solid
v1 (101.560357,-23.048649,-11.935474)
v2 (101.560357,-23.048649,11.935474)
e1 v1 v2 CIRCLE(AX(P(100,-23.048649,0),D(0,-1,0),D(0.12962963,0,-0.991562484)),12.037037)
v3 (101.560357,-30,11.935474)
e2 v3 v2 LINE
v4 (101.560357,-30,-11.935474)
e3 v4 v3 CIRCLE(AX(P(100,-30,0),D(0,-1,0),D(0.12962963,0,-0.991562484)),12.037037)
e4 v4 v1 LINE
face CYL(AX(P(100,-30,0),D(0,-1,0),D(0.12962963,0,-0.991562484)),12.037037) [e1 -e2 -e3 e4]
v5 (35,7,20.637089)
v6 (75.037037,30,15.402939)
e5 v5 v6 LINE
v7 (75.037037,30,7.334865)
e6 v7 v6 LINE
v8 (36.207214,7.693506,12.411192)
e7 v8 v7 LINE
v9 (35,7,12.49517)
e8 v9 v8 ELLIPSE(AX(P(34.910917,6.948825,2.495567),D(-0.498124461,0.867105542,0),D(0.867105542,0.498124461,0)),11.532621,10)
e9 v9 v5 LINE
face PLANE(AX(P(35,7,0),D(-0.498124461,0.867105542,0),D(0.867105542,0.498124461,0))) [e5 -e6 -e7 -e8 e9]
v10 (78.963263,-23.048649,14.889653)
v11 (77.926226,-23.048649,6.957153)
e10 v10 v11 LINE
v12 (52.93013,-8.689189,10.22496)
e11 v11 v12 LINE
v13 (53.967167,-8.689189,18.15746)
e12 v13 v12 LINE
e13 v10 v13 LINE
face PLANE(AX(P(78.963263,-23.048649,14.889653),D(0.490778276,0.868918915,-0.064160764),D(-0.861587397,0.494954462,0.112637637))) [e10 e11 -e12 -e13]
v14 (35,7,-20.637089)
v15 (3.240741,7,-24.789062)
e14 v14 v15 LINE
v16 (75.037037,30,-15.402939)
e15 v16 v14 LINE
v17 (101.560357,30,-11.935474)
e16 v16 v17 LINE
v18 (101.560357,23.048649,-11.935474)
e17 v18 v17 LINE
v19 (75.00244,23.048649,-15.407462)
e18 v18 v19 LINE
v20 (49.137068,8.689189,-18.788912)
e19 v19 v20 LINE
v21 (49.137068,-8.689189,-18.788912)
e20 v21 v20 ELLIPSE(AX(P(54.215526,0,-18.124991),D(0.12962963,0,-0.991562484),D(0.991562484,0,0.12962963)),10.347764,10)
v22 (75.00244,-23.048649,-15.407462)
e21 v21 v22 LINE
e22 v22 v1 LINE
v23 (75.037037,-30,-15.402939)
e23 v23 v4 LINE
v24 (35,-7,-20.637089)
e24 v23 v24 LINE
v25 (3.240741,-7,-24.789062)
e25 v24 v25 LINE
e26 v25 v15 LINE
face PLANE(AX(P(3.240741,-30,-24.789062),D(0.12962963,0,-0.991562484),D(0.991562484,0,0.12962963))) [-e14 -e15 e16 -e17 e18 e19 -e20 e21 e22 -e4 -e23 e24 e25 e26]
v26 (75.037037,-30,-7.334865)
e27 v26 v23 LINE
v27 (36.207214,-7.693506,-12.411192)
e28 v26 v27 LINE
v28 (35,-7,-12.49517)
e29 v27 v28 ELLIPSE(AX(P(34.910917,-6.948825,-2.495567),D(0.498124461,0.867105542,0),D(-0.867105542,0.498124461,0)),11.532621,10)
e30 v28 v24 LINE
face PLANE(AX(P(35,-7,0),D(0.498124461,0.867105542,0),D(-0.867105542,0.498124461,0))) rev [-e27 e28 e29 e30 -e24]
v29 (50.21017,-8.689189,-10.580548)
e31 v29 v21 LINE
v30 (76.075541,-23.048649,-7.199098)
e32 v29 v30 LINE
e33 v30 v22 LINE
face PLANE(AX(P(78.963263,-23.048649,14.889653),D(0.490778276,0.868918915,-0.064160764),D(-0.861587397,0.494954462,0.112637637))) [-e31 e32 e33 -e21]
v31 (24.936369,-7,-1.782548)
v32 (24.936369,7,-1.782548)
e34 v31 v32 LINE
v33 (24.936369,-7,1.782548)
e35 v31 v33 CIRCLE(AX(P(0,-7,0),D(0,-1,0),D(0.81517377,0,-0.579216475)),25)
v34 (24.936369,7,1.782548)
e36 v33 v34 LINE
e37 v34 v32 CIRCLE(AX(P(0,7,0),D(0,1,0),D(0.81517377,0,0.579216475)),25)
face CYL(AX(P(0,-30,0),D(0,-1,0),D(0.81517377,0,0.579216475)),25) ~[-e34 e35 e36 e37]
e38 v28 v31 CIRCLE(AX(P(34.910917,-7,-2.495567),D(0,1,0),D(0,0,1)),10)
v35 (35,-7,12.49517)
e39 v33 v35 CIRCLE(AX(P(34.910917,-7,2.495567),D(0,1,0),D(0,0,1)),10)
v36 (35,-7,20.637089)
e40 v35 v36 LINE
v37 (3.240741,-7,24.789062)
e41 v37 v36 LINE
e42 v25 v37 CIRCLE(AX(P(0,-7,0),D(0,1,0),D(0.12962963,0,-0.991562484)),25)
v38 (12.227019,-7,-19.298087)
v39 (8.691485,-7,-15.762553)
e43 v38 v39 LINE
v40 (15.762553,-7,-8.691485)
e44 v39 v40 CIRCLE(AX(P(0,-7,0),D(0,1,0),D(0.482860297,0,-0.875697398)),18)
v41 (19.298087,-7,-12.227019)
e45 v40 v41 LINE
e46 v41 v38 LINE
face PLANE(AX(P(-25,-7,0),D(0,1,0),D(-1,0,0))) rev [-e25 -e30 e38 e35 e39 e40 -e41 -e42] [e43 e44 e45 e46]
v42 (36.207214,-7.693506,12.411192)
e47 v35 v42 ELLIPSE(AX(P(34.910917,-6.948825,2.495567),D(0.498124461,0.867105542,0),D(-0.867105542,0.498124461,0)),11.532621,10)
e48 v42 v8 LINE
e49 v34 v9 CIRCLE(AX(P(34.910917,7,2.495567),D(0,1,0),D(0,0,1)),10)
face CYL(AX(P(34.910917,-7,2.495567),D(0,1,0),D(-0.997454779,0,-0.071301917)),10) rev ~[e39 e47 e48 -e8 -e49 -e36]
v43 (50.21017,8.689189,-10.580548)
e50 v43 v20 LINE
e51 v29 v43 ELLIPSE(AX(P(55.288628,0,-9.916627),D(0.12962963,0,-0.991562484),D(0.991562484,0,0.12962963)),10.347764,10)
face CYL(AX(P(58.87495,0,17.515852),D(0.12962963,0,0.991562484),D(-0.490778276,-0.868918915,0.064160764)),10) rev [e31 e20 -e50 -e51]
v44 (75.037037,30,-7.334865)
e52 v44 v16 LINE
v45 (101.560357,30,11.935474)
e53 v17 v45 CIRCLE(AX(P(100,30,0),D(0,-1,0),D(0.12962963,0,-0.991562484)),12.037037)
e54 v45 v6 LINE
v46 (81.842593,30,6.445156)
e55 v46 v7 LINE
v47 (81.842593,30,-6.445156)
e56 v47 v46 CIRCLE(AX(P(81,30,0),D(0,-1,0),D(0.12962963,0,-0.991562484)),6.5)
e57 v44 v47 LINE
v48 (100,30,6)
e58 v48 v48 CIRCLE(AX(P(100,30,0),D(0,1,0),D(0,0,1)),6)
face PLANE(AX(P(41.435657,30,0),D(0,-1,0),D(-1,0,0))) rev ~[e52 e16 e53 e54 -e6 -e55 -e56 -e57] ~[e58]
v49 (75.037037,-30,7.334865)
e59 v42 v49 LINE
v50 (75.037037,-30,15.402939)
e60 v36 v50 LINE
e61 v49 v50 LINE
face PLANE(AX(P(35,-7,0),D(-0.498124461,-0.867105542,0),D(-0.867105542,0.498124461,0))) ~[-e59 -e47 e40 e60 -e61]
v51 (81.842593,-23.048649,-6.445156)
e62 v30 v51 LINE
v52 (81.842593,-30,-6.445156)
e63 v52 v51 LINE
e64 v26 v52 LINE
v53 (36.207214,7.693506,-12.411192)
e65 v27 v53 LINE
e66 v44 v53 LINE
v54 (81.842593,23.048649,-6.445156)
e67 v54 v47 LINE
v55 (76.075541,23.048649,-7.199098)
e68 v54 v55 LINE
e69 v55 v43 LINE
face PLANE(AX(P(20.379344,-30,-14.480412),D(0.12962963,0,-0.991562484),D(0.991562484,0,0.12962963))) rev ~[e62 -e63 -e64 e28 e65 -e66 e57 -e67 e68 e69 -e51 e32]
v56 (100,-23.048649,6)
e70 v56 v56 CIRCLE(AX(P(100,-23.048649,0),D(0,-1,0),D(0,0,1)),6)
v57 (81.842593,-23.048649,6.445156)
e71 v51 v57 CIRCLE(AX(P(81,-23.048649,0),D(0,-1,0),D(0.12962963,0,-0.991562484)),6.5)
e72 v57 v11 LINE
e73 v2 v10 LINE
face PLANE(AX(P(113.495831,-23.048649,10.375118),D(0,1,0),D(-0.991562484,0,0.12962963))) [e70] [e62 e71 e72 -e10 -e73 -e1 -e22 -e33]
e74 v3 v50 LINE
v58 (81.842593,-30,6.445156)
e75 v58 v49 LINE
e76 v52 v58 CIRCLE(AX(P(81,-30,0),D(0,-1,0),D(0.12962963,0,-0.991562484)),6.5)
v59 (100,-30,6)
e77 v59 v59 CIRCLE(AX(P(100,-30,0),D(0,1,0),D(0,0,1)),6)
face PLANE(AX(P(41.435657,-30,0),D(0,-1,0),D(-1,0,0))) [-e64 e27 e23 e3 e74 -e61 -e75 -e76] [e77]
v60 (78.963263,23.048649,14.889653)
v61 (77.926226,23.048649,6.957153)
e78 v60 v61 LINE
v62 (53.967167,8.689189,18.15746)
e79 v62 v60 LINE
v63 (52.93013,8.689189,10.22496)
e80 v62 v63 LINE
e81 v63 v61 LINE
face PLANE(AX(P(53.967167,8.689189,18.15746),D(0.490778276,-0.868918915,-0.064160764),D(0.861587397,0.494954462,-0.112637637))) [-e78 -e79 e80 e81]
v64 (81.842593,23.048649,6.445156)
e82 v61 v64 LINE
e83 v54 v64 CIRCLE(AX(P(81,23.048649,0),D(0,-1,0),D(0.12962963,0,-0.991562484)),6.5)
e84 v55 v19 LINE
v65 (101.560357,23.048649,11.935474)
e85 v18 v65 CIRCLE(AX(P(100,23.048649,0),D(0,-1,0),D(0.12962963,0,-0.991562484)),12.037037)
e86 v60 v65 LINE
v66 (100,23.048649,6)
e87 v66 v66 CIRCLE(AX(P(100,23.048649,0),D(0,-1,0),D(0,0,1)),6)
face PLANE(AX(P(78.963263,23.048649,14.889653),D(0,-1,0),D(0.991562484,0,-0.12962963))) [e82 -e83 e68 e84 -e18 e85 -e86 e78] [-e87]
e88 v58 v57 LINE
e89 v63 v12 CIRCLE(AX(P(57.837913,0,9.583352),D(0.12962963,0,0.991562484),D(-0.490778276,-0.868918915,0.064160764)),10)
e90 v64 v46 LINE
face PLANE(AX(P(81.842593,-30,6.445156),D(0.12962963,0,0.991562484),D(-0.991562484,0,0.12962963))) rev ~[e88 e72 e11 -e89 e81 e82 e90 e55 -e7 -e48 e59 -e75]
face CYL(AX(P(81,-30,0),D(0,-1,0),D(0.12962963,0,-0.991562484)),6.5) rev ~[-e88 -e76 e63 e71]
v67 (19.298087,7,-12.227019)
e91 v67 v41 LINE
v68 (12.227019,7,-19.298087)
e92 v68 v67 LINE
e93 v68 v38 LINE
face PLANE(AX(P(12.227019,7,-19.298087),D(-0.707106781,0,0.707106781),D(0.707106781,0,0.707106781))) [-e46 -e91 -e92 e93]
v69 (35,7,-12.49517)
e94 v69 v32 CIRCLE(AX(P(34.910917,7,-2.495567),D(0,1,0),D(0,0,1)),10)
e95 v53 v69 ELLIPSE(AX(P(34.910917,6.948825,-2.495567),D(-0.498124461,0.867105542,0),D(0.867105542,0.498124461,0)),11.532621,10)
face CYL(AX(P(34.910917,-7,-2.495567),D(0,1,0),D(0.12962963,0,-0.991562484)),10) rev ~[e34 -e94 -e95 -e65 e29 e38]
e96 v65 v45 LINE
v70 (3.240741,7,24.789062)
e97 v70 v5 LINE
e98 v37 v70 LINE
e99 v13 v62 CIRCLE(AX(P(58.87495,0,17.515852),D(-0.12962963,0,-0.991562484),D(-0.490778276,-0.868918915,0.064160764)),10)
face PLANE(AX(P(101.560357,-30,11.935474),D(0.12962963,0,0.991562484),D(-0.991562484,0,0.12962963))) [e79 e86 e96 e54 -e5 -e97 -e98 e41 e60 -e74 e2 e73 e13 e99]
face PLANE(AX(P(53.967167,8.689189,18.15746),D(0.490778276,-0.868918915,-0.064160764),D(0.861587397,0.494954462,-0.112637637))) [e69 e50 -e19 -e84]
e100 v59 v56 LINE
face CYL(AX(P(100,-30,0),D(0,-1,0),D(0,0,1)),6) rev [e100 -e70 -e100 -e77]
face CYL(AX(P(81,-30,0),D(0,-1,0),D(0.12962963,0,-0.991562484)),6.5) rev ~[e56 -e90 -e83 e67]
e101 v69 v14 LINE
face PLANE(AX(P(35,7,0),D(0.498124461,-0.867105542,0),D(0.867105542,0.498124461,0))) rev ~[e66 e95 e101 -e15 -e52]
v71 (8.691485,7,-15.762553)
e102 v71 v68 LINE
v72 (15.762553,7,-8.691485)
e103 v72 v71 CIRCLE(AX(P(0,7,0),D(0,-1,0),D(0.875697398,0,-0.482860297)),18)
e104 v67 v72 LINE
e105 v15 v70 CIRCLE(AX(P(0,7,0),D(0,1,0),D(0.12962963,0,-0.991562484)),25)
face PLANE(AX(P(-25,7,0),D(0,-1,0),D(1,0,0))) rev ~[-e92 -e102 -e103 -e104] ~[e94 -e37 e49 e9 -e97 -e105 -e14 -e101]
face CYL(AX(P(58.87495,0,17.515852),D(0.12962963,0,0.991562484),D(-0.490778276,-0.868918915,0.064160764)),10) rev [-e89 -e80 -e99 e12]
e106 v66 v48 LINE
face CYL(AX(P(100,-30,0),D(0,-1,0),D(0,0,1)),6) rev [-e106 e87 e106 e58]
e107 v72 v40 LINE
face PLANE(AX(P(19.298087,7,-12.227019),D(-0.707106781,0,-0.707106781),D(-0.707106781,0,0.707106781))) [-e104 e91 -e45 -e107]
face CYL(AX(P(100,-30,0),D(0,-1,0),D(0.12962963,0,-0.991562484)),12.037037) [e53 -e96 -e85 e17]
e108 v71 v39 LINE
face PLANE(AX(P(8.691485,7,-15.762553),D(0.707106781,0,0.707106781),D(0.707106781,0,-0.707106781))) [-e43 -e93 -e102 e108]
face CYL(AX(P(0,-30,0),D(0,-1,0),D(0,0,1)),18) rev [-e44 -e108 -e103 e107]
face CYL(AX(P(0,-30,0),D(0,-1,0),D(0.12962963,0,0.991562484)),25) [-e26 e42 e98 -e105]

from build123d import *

# Parameters (mm, degrees)
BOSS_EXTRUDE2_DEPTH            = 30
BOSS_EXTRUDE2_DEPTH_BACK       = 30
SKETCH1_R                      = 6
SKETCH1_R_2                    = 18
CUT_EXTRUDE1_DEPTH             = 30
CUT_EXTRUDE1_DIRECTION_2_REACH = 120.648
CUT_EXTRUDE3_DEPTH             = 124.351468544
FILLET1_R                      = 10
CUT_EXTRUDE4_DEPTH             = 121.608033182


with BuildPart() as part:
    # Sketch1 → Boss-Extrude2 (new, two sides: drawn at the far end of the back side and taken through both)
    with BuildSketch(Plane(origin=(0, 0, 0), x_dir=(1, 0, 0), z_dir=(0, 1, 0)).offset(-BOSS_EXTRUDE2_DEPTH_BACK)):
        with BuildLine():
            Line((3.240740741, 24.789062093), (101.560356653, 11.935474341))
            ThreePointArc((101.560356653, 11.935474341), (112.037037037, 0), (101.560356653, -11.935474341))
            Line((101.560356653, -11.935474341), (3.240740741, -24.789062093))
            ThreePointArc((3.240740741, -24.789062093), (-25, 0), (3.240740741, 24.789062093))
        make_face()
        with Locations((100, 0)):
            Circle(SKETCH1_R, mode=Mode.SUBTRACT)
        Circle(SKETCH1_R_2, mode=Mode.SUBTRACT)
        with BuildLine():
            Line((20.379344255, 14.480411863), (81.842592593, 6.445156144))
            ThreePointArc((81.842592593, 6.445156144), (87.5, 0), (81.842592593, -6.445156144))
            Line((81.842592593, -6.445156144), (20.379344255, -14.480411863))
            ThreePointArc((20.379344255, -14.480411863), (25, 0), (20.379344255, 14.480411863))
        make_face(mode=Mode.SUBTRACT)
    extrude(amount=BOSS_EXTRUDE2_DEPTH + BOSS_EXTRUDE2_DEPTH_BACK)

    # Sketch3 → Cut-Extrude1 (cut)
    with BuildSketch(Plane.XY):
        Polygon((-25, 7), (35, 7), (75.037037037, 30), (-25, 30), align=None)
    cut_extrude1 = extrude(amount=-CUT_EXTRUDE1_DEPTH, mode=Mode.SUBTRACT)

    # Sketch3 → Cut-Extrude1 direction 2 (cut, up to next)
    with BuildSketch(Plane.XY, mode=Mode.PRIVATE) as cut_extrude1_direction_2_sk1:
        Polygon((-25, 7), (35, 7), (75.037037037, 30), (-25, 30), align=None)
    cut_extrude1_direction_2_tool1 = extrude(cut_extrude1_direction_2_sk1.sketch, amount=CUT_EXTRUDE1_DIRECTION_2_REACH, mode=Mode.PRIVATE) & part.part
    cut_extrude1_direction_2 = cut_extrude1_direction_2_tool1.solids().sort_by_distance((15.843943, 19.458999, 0))[0]
    add(cut_extrude1_direction_2, mode=Mode.SUBTRACT)

    # Mirror1: Cut-Extrude1, Cut-Extrude1 direction 2 across plane
    add(cut_extrude1.mirror(Plane.ZX), mode=Mode.SUBTRACT)
    add(cut_extrude1_direction_2.mirror(Plane.ZX), mode=Mode.SUBTRACT)

    # Sketch4 → Cut-Extrude3 (cut, through all)
    with BuildSketch(Plane(origin=(3.240740741, 0, 24.789062093), x_dir=(0.9915624837205597, 0, -0.12962962962962948), z_dir=(0.12962962962962948, 0, 0.9915624837205597))):
        with BuildLine():
            Line((51.158073352, 8.689189147), (76.366869206, 23.048648682))
            Line((76.366869206, 23.048648682), (111.193285409, 23.048648682))
            Line((111.193285409, 23.048648682), (111.193285409, -23.048648682))
            Line((111.193285409, -23.048648682), (76.366869206, -23.048648682))
            Line((76.366869206, -23.048648682), (51.158073352, -8.689189147))
            ThreePointArc((51.158073352, -8.689189147), (46.107617974, 0), (51.158073352, 8.689189147))
        make_face()
    extrude(amount=-CUT_EXTRUDE3_DEPTH, mode=Mode.SUBTRACT)

    # Fillet1
    fillet1_edges = [part.edges().sort_by_distance(p)[0] for p in [
        (20.379344255, 0, -14.480411863),
        (20.379344255, 0, 14.480411863),
    ]]
    fillet(fillet1_edges, radius=FILLET1_R)

    # Sketch5 → Cut-Extrude4 (cut, through all)
    with BuildSketch(Plane(origin=(0, 7, 0), x_dir=(1, 0, 0), z_dir=(0, 1, 0))):
        with BuildLine():
            Line((8.691485355, 15.762553167), (12.227019261, 19.298087073))
            Line((12.227019261, 19.298087073), (19.298087073, 12.227019261))
            Line((19.298087073, 12.227019261), (15.762553167, 8.691485355))
            ThreePointArc((15.762553167, 8.691485355), (-12.727922061, -12.727922061), (8.691485355, 15.762553167))
        make_face()
    extrude(amount=-CUT_EXTRUDE4_DEPTH, mode=Mode.SUBTRACT)


solid = part.part
